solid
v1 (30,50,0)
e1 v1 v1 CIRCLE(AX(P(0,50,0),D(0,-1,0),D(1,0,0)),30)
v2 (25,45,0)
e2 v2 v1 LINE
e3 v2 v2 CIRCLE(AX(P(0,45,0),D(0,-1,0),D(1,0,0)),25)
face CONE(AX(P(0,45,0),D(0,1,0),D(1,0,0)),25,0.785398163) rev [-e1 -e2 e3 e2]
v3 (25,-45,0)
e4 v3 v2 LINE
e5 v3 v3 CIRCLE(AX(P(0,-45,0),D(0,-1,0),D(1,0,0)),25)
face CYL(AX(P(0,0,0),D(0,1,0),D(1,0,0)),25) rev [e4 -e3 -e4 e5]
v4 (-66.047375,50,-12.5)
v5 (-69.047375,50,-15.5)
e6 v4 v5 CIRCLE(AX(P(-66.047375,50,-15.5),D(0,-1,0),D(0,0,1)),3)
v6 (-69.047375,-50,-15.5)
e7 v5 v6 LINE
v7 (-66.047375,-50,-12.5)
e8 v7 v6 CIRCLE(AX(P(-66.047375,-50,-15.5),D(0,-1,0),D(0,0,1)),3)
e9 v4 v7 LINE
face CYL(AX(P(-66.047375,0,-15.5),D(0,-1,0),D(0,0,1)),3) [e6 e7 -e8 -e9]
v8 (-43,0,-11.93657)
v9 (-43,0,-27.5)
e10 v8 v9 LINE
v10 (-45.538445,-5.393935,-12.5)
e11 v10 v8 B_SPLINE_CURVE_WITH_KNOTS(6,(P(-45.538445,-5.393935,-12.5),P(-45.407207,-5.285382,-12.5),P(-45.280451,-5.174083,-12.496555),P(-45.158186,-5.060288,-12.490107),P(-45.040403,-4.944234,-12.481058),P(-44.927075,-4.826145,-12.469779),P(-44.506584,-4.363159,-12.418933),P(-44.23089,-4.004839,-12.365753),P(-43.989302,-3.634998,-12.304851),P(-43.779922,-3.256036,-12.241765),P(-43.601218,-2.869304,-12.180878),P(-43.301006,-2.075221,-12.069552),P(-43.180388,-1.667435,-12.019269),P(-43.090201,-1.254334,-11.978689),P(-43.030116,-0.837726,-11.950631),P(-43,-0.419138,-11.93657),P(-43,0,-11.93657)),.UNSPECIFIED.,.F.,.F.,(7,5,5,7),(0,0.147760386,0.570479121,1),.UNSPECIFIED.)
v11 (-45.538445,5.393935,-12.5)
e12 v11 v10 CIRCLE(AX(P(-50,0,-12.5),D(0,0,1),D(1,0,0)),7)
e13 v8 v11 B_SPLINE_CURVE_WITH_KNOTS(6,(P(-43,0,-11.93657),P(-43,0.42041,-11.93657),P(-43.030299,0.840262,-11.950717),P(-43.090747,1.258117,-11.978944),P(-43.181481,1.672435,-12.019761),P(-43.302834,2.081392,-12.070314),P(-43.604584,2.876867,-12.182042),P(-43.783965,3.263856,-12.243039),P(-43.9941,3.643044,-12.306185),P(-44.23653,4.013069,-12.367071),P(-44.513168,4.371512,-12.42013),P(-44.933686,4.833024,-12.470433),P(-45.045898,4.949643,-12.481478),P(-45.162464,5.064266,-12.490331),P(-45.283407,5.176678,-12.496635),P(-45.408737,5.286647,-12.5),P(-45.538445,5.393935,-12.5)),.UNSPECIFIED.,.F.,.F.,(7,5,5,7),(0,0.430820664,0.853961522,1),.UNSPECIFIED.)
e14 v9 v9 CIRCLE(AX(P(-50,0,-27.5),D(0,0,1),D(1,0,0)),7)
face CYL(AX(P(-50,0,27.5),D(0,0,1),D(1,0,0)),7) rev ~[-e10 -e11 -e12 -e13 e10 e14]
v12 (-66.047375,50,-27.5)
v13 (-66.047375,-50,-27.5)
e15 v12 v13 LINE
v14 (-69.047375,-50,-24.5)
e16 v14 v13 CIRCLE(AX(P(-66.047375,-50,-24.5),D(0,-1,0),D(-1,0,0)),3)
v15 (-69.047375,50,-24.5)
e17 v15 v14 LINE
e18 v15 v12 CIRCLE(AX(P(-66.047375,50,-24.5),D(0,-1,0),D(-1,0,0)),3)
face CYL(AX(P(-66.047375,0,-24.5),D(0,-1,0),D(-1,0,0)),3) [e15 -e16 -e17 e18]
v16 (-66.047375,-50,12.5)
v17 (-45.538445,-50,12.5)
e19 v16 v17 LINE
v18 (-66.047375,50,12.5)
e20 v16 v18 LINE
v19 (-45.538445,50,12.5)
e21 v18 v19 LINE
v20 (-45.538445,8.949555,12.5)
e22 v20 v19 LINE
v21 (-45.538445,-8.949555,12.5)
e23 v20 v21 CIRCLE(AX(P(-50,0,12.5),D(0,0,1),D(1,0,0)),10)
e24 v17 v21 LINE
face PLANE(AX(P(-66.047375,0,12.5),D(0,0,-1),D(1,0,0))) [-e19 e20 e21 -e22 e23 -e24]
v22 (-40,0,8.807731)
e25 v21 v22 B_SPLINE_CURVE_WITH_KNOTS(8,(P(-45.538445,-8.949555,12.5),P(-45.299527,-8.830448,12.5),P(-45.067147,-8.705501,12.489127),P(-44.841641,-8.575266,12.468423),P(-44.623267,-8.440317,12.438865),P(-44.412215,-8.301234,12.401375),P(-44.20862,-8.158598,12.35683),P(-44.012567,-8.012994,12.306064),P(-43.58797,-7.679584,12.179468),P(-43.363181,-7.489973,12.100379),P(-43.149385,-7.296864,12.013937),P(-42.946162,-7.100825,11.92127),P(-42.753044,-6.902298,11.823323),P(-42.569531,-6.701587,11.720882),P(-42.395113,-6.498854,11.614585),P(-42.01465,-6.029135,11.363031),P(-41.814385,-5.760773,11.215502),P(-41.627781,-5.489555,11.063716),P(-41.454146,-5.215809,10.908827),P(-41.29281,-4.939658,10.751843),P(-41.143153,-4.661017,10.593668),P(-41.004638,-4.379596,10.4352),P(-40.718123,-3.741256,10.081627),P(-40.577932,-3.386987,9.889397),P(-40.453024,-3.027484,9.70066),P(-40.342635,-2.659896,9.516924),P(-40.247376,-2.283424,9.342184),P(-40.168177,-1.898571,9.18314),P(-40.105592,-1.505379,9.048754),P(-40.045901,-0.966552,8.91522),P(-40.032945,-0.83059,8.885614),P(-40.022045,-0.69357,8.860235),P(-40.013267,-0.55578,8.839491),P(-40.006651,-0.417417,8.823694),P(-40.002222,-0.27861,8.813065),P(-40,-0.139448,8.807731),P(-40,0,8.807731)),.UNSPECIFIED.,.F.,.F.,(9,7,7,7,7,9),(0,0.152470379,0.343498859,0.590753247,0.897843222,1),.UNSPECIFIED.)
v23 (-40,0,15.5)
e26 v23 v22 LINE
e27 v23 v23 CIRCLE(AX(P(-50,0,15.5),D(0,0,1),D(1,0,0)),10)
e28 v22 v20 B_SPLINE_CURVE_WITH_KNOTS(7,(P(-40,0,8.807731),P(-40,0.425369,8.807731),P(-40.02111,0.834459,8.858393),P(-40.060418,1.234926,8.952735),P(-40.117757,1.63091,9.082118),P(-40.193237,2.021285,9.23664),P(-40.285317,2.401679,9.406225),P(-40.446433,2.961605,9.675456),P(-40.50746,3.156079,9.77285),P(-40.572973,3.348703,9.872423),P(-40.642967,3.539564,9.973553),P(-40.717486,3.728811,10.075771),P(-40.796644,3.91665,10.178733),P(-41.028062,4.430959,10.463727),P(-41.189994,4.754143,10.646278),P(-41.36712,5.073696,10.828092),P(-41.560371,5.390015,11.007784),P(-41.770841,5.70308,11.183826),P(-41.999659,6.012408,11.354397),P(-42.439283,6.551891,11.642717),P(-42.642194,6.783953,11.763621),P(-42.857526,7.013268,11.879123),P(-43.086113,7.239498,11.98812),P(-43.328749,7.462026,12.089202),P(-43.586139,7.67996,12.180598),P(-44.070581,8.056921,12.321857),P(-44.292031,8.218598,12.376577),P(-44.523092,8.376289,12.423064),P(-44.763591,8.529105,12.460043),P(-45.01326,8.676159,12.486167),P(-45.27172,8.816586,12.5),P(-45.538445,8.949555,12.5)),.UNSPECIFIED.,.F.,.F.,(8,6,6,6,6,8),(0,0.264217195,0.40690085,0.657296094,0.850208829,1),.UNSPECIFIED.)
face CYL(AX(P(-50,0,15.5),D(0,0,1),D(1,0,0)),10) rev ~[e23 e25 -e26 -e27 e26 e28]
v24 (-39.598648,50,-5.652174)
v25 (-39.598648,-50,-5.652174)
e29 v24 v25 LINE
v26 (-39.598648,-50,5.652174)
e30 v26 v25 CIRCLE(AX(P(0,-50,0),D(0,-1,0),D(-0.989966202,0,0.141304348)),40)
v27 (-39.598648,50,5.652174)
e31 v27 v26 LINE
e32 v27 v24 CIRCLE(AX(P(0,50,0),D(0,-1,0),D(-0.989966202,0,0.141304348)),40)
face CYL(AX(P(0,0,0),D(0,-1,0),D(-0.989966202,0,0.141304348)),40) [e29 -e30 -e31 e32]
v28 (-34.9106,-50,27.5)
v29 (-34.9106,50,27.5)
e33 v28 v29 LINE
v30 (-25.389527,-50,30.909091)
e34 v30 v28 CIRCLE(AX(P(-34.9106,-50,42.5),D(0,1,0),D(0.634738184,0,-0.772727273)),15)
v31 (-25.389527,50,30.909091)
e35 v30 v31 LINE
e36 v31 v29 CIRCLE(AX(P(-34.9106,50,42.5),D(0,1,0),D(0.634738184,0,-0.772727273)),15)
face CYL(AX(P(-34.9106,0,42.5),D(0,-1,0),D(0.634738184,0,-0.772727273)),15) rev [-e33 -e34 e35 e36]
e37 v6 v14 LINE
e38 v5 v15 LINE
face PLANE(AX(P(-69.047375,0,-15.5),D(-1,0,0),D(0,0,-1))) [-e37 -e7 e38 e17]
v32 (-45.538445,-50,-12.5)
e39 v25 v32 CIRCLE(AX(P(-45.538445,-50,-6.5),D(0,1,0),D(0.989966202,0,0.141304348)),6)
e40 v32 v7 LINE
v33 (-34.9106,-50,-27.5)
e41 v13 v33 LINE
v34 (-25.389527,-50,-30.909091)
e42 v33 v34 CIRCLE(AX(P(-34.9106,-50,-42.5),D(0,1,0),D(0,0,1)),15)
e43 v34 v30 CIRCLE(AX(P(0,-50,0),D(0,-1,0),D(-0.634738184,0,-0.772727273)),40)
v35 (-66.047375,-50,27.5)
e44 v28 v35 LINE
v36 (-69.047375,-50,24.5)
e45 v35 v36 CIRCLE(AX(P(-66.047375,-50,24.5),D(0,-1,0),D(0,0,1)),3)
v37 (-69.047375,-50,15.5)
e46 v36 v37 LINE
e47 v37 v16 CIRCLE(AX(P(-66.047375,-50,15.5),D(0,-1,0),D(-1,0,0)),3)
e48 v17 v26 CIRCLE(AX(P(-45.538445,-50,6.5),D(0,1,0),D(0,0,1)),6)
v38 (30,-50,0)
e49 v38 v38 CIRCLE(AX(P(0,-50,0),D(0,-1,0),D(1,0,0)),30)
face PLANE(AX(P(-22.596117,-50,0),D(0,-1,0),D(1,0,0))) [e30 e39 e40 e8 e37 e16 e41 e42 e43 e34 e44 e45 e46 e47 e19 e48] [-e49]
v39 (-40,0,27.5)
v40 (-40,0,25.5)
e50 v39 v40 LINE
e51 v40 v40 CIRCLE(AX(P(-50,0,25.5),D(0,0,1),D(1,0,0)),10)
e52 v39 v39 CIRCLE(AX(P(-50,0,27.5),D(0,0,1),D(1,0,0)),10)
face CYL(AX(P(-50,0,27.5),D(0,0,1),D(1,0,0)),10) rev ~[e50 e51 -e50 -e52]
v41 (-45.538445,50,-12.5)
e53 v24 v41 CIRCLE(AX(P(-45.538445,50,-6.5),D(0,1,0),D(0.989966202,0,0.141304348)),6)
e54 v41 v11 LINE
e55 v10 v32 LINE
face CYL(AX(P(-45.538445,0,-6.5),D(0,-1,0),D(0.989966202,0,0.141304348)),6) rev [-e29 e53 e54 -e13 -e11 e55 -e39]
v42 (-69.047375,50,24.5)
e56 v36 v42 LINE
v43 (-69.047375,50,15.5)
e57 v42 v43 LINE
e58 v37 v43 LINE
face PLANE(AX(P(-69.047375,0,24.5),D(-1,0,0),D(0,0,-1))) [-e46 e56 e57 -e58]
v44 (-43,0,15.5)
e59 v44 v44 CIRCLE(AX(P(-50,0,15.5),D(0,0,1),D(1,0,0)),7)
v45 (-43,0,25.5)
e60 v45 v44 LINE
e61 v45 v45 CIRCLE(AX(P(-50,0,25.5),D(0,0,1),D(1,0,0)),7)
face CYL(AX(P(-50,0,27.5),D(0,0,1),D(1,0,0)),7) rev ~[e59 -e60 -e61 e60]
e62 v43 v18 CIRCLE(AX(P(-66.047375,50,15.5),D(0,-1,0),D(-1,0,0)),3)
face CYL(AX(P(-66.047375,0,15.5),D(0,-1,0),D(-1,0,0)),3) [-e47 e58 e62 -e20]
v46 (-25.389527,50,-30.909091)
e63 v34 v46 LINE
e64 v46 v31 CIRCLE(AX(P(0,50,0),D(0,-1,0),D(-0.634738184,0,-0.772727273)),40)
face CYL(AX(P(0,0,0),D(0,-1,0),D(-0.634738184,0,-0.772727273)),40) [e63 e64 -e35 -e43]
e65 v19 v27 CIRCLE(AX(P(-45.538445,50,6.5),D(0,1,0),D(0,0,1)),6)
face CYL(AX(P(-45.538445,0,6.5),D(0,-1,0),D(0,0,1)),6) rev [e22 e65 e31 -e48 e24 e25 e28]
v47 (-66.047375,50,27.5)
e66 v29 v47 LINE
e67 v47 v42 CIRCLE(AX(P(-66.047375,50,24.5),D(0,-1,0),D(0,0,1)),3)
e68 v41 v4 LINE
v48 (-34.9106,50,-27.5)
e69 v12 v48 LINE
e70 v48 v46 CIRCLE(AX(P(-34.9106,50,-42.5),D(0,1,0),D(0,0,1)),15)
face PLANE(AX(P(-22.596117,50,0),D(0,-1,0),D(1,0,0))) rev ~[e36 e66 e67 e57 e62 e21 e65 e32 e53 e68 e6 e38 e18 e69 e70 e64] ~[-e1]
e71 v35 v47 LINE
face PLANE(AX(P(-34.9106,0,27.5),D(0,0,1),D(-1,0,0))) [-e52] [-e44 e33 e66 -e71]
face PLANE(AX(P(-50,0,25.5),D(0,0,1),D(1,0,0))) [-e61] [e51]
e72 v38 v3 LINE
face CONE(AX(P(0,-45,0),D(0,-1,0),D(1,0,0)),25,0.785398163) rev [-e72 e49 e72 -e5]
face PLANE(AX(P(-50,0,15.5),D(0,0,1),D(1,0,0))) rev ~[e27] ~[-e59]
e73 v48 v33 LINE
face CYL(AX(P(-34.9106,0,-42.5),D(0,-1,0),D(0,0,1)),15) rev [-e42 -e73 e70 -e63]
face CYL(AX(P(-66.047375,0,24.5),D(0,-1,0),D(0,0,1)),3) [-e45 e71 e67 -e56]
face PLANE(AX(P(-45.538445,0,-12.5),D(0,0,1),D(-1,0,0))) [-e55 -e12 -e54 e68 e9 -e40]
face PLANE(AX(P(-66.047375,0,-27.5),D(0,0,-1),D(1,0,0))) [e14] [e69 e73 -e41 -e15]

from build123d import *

# Parameters (mm, degrees)
F0_R          = 25
F1_DEPTH      = 50
F2_SIZE       = 5
F3_R          = 7
F4_DEPTH      = 80
F4_DEPTH_BACK = 25
F3_R_2        = 10
F5_DEPTH      = 2
F6_START      = -12
F6_DEPTH      = 8


with BuildPart() as f1:
    # F0 (on Front) → F1 (new body, symmetric)
    with BuildSketch(Plane.XZ):
        with BuildLine():
            ThreePointArc((-45.5384452963, 12.5), (-41.0059538996, 10.4314783147), (-39.5986480837, 5.652173913))
            ThreePointArc((-39.5986480837, 5.652173913), (-40, 0), (-39.5986480837, -5.652173913))
            ThreePointArc((-39.5986480837, -5.652173913), (-41.0059538996, -10.4314783147), (-45.5384452963, -12.5))
            Line((-45.5384452963, -12.5), (-66.0473750966, -12.5))
            ThreePointArc((-66.0473750966, -12.5), (-68.1686954401, -13.3786796564), (-69.0473750966, -15.5))
            Line((-69.0473750966, -15.5), (-69.0473750966, -24.5))
            ThreePointArc((-69.0473750966, -24.5), (-68.1686954401, -26.6213203436), (-66.0473750966, -27.5))
            Line((-66.0473750966, -27.5), (-34.9106001094, -27.5))
            ThreePointArc((-34.9106001094, -27.5), (-29.8541011409, -28.3779669246), (-25.3895273523, -30.9090909091))
            ThreePointArc((-25.3895273523, -30.9090909091), (40, 0), (-25.3895273523, 30.9090909091))
            ThreePointArc((-25.3895273523, 30.9090909091), (-29.8541011409, 28.3779669246), (-34.9106001094, 27.5))
            Line((-34.9106001094, 27.5), (-66.0473750966, 27.5))
            ThreePointArc((-66.0473750966, 27.5), (-68.1686954401, 26.6213203436), (-69.0473750966, 24.5))
            Line((-69.0473750966, 24.5), (-69.0473750966, 15.5))
            ThreePointArc((-69.0473750966, 15.5), (-68.1686954401, 13.3786796564), (-66.0473750966, 12.5))
            Line((-66.0473750966, 12.5), (-45.5384452963, 12.5))
        make_face()
        Circle(F0_R, mode=Mode.SUBTRACT)
    extrude(amount=F1_DEPTH, both=True)

    # F2
    f2_edges = [f1.edges().sort_by_distance(p)[0] for p in [
        (-25, -50, 0),
        (-25, 50, 0),
    ]]
    chamfer(f2_edges, length=F2_SIZE)

    # F3 (on face) → F4 (cut, two sides)
    with BuildSketch(Plane.XY.offset(27.5)) as f4_sk:
        with Locations((-50, 0)):
            Circle(F3_R)
    extrude(amount=-F4_DEPTH, mode=Mode.SUBTRACT)
    extrude(f4_sk.sketch, amount=F4_DEPTH_BACK, mode=Mode.SUBTRACT)

    # F3 (on face) → F5 (cut)
    with BuildSketch(Plane.XY.offset(27.5)):
        with Locations((-50, 0)):
            Circle(F3_R_2)
        with Locations((-50, 0)):
            Circle(F3_R, mode=Mode.SUBTRACT)
    extrude(amount=-F5_DEPTH, mode=Mode.SUBTRACT)

    # F3 (on face) → F6 (cut)
    with BuildSketch(Plane.XY.offset(27.5).offset(F6_START)):
        with Locations((-50, 0)):
            Circle(F3_R_2)
        with Locations((-50, 0)):
            Circle(F3_R, mode=Mode.SUBTRACT)
    extrude(amount=-F6_DEPTH, mode=Mode.SUBTRACT)


solid = f1.part
